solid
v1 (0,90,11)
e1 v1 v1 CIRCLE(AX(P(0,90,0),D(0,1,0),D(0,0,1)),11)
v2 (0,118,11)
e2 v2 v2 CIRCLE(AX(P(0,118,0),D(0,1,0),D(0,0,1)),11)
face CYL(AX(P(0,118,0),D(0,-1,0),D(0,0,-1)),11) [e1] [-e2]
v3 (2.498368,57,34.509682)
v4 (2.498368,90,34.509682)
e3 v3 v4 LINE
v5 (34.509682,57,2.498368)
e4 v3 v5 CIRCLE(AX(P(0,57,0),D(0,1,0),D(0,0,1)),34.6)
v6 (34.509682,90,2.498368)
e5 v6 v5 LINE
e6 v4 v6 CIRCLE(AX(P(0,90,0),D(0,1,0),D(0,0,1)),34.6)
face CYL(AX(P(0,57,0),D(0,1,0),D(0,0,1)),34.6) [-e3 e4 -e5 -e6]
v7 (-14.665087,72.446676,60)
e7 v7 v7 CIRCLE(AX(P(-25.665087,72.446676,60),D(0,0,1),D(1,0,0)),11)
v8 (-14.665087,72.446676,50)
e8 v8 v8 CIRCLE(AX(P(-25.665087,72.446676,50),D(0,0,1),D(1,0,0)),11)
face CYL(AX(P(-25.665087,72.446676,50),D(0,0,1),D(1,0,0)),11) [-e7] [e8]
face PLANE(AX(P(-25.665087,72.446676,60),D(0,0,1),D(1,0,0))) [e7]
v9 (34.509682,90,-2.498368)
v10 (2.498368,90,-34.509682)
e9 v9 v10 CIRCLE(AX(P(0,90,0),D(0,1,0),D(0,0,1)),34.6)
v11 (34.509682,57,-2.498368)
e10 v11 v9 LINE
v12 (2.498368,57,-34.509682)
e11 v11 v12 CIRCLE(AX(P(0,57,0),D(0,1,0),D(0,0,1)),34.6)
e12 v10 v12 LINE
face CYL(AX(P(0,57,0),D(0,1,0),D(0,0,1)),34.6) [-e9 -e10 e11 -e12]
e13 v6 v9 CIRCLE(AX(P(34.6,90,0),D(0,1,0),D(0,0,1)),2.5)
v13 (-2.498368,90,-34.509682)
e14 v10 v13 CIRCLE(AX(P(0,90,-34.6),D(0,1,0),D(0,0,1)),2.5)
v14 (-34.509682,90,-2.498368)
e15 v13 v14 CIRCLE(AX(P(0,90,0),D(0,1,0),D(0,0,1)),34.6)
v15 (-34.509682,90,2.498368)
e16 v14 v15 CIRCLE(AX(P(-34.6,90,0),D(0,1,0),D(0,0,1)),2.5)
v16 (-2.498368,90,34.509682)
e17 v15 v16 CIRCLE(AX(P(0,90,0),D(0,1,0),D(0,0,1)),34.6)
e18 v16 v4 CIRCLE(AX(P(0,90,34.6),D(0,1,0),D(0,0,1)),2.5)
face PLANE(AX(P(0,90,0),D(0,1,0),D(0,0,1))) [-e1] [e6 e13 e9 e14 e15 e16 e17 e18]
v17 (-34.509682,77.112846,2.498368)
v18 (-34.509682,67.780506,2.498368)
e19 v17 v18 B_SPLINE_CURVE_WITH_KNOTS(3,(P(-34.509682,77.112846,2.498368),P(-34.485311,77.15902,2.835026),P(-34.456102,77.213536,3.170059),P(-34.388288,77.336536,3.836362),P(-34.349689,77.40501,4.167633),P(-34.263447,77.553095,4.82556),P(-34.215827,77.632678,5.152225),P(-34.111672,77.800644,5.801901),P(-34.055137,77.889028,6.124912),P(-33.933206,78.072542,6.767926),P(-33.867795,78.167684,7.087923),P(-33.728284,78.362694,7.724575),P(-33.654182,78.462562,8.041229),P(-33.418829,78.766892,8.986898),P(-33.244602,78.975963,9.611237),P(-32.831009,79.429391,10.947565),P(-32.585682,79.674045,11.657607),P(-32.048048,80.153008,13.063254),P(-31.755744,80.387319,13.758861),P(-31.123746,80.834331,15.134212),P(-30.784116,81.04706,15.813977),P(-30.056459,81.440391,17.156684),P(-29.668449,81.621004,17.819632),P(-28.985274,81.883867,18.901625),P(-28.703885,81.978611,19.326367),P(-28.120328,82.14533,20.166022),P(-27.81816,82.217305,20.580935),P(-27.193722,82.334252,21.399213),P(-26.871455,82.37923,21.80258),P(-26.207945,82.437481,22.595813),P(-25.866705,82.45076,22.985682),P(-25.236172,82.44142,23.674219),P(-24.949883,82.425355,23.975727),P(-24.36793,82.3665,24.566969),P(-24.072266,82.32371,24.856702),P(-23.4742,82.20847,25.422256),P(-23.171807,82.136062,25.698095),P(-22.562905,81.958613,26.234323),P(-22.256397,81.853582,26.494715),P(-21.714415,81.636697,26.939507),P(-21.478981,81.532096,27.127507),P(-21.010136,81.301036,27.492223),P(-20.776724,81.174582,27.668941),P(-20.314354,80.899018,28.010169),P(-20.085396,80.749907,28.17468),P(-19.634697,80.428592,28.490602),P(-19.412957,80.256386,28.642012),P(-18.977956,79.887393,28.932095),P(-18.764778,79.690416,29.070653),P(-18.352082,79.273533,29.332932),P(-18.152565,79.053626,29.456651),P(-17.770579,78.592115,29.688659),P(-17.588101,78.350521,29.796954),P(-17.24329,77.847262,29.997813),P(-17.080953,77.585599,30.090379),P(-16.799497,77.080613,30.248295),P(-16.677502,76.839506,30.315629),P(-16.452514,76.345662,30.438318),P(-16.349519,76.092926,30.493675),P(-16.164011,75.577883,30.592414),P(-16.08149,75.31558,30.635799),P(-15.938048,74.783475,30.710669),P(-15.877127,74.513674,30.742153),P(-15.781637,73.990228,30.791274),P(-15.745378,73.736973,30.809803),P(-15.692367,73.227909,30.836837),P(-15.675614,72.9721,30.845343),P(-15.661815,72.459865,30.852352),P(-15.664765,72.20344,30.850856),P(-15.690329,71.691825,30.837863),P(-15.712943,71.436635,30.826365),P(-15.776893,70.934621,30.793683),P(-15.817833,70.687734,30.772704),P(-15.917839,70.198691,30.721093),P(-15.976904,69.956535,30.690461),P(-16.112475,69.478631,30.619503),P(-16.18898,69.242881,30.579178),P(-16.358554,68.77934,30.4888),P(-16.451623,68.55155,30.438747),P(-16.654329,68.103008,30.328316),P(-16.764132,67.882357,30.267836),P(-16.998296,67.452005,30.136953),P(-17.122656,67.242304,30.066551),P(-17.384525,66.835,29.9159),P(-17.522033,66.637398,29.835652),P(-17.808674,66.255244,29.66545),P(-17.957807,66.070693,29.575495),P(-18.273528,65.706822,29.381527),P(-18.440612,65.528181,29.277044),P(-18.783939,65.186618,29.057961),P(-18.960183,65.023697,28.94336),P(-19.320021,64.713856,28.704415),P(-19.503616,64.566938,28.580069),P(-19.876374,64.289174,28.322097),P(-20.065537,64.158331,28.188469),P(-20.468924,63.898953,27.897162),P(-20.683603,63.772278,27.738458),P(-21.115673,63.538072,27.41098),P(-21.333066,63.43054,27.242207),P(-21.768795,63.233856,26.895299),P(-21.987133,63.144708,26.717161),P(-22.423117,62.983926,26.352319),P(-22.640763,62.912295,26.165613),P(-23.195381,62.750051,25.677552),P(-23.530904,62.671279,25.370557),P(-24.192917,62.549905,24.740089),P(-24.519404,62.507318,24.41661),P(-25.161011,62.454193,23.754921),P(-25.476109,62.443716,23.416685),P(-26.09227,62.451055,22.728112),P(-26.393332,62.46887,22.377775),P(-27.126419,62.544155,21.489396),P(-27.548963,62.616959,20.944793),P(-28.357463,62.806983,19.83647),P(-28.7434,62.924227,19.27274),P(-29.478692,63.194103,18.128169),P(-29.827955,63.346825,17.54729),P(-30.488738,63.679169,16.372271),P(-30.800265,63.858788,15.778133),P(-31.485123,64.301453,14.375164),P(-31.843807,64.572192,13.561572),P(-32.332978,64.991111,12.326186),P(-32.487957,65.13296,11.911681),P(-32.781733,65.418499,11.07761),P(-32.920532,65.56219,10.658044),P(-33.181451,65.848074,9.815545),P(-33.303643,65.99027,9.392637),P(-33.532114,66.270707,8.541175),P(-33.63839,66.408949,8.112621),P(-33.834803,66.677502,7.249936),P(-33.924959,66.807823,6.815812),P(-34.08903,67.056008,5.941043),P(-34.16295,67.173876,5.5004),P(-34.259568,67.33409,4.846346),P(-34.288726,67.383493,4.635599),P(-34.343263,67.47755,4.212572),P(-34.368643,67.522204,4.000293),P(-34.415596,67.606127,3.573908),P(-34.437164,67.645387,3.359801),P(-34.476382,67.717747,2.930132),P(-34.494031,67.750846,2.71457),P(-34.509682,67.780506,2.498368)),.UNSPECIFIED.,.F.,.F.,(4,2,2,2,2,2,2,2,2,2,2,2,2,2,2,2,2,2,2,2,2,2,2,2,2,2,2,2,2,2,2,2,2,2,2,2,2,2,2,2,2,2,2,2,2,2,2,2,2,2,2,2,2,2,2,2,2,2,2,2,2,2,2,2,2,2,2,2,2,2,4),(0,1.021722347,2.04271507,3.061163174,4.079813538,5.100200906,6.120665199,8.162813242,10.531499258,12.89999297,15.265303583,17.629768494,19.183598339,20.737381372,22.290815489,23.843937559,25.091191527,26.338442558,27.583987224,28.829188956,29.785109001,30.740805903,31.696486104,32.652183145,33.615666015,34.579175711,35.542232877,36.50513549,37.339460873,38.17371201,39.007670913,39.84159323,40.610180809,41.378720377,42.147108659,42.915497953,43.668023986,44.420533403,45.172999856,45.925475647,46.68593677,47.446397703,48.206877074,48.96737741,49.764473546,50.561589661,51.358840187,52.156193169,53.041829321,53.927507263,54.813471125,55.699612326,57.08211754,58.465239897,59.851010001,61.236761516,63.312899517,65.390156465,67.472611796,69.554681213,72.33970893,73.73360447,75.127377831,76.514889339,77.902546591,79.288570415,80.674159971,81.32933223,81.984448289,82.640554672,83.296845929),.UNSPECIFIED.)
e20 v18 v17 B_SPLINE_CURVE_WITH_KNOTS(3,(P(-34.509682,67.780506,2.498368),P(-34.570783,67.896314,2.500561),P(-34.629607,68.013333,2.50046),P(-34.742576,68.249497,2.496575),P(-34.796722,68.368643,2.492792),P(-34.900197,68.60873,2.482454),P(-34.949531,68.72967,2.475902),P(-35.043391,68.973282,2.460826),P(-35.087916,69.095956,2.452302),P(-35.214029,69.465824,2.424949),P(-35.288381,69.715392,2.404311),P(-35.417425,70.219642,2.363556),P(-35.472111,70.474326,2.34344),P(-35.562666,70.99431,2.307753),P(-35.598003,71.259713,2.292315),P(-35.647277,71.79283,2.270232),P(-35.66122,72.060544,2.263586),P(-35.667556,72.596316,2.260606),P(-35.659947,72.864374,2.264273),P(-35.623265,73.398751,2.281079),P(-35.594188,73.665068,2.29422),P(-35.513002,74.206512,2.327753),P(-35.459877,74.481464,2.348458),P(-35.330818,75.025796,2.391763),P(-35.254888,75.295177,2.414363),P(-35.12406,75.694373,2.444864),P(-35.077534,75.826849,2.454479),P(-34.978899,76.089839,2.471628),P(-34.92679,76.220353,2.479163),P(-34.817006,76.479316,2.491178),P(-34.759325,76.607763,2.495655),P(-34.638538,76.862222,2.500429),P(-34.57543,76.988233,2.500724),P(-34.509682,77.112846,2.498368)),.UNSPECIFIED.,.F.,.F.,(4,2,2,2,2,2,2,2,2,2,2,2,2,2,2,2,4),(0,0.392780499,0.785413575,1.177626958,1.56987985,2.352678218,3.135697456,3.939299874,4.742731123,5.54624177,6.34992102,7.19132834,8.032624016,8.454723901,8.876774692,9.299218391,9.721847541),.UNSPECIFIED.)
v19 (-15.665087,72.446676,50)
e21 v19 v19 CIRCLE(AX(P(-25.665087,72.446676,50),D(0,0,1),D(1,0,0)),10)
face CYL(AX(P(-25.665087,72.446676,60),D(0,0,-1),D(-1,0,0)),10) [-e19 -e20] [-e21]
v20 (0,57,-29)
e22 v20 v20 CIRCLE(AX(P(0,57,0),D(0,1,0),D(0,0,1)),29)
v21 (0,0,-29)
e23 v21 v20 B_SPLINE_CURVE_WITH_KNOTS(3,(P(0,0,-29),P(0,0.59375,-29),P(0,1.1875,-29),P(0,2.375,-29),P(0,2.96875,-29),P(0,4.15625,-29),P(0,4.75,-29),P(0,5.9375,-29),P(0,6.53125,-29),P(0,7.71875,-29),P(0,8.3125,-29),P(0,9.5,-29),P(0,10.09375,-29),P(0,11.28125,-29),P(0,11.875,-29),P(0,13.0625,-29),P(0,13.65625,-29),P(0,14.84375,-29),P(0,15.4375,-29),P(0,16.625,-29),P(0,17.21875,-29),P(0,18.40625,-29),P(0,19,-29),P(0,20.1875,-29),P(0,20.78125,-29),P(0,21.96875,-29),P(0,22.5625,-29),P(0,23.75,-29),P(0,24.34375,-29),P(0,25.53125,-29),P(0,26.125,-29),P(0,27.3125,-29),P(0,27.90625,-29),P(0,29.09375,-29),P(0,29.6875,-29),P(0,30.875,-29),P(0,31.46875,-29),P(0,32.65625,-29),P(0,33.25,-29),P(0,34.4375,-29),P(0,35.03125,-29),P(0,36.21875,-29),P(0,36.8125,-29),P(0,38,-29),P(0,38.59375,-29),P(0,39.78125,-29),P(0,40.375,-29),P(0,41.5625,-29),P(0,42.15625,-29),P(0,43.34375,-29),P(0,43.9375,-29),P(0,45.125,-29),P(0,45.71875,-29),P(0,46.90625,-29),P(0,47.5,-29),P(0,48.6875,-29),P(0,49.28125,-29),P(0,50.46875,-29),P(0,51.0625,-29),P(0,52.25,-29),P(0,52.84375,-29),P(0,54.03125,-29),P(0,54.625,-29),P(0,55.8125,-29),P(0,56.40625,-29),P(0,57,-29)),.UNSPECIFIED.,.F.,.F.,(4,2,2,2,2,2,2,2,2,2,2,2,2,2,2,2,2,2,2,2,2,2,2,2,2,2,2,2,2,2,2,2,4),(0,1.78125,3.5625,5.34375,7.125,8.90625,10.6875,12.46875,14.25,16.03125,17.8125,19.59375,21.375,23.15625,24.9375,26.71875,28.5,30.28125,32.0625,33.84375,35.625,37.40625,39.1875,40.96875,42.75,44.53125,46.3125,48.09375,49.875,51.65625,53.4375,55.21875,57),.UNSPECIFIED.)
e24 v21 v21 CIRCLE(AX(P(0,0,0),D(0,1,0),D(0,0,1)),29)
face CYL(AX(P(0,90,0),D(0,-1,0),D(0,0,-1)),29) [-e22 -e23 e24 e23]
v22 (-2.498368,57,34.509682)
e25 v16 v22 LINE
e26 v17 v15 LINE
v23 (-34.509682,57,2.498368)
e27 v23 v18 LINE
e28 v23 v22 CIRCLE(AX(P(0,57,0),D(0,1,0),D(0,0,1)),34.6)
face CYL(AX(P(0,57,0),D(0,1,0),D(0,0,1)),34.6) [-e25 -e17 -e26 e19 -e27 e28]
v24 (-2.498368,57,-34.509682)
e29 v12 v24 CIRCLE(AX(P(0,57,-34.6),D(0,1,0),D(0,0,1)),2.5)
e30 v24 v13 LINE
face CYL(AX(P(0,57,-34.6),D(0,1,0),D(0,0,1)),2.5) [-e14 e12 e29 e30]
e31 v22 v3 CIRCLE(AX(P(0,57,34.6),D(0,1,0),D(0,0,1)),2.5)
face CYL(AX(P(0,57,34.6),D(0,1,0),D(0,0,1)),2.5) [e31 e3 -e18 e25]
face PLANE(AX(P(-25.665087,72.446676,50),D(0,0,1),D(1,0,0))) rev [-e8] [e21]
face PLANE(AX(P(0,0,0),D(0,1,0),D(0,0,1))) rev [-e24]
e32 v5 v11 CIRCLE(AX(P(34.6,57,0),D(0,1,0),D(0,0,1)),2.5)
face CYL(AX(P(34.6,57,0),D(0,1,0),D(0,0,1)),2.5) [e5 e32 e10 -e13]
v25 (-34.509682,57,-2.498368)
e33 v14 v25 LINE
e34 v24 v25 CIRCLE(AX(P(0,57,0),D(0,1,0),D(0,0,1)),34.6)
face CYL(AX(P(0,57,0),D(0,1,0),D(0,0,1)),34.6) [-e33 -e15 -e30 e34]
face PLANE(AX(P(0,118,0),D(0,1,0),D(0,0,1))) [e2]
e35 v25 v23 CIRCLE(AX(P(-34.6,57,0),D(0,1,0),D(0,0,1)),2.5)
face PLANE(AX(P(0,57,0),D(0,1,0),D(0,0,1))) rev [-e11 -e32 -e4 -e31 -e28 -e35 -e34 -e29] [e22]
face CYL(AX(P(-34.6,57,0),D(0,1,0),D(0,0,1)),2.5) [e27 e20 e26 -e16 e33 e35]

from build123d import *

# Parameters (mm, degrees)
SKETCH1_R           = 29
BOSS_EXTRUDE1_DEPTH = 90
SKETCH2_R           = 11
BOSS_EXTRUDE2_DEPTH = 28
SKETCH3_R           = 34.6
BOSS_EXTRUDE3_DEPTH = 33
SKETCH4_R           = 2.5
BOSS_EXTRUDE4_DEPTH = 33
SKETCH5_R           = 10
BOSS_EXTRUDE5_DEPTH = 60
SKETCH6_R           = 11
BOSS_EXTRUDE6_DEPTH = 10


with BuildPart() as part:
    # Sketch1 → Boss-Extrude1 (new body)
    with BuildSketch(Plane(origin=(0, 0, 0), x_dir=(1, 0, 0), z_dir=(0, 1, 0))):
        with Locations(Location((0, 0, 0), (0, 0, 90))):
            Circle(SKETCH1_R)
    extrude(amount=BOSS_EXTRUDE1_DEPTH)

    # Sketch2 → Boss-Extrude2 (add)
    with BuildSketch(Plane(origin=(0, 90, 0), x_dir=(1, 0, 0), z_dir=(0, 1, 0))):
        with Locations(Location((0, 0, 0), (0, 0, 270))):
            Circle(SKETCH2_R)
    extrude(amount=BOSS_EXTRUDE2_DEPTH)

    # Sketch3 → Boss-Extrude3 (add)
    with BuildSketch(Plane(origin=(0, 90, 0), x_dir=(1, 0, 0), z_dir=(0, 1, 0))):
        with Locations(Location((0, 0, 0), (0, 0, 270))):
            Circle(SKETCH3_R)
    extrude(amount=-BOSS_EXTRUDE3_DEPTH)

    # Sketch4 → Boss-Extrude4 (add)
    with BuildSketch(Plane(origin=(0, 90, 0), x_dir=(1, 0, 0), z_dir=(0, 1, 0))):
        with Locations((0, 34.6)):
            Circle(SKETCH4_R)
        with Locations((-34.6, 0)):
            Circle(SKETCH4_R)
        with Locations((0, -34.6)):
            Circle(SKETCH4_R)
        with Locations((34.6, 0)):
            Circle(SKETCH4_R)
    extrude(amount=-BOSS_EXTRUDE4_DEPTH)

    # Sketch5 → Boss-Extrude5 (add)
    with BuildSketch(Plane.XY):
        with Locations(Location((-25.665087219, 72.446676229, 0), (0, 0, 207.814921286))):
            Circle(SKETCH5_R)
    extrude(amount=BOSS_EXTRUDE5_DEPTH)

    # Sketch6 → Boss-Extrude6 (add)
    with BuildSketch(Plane.XY.offset(60)):
        with Locations((-25.665087219, 72.446676229)):
            Circle(SKETCH6_R)
    extrude(amount=-BOSS_EXTRUDE6_DEPTH)


solid = part.part
